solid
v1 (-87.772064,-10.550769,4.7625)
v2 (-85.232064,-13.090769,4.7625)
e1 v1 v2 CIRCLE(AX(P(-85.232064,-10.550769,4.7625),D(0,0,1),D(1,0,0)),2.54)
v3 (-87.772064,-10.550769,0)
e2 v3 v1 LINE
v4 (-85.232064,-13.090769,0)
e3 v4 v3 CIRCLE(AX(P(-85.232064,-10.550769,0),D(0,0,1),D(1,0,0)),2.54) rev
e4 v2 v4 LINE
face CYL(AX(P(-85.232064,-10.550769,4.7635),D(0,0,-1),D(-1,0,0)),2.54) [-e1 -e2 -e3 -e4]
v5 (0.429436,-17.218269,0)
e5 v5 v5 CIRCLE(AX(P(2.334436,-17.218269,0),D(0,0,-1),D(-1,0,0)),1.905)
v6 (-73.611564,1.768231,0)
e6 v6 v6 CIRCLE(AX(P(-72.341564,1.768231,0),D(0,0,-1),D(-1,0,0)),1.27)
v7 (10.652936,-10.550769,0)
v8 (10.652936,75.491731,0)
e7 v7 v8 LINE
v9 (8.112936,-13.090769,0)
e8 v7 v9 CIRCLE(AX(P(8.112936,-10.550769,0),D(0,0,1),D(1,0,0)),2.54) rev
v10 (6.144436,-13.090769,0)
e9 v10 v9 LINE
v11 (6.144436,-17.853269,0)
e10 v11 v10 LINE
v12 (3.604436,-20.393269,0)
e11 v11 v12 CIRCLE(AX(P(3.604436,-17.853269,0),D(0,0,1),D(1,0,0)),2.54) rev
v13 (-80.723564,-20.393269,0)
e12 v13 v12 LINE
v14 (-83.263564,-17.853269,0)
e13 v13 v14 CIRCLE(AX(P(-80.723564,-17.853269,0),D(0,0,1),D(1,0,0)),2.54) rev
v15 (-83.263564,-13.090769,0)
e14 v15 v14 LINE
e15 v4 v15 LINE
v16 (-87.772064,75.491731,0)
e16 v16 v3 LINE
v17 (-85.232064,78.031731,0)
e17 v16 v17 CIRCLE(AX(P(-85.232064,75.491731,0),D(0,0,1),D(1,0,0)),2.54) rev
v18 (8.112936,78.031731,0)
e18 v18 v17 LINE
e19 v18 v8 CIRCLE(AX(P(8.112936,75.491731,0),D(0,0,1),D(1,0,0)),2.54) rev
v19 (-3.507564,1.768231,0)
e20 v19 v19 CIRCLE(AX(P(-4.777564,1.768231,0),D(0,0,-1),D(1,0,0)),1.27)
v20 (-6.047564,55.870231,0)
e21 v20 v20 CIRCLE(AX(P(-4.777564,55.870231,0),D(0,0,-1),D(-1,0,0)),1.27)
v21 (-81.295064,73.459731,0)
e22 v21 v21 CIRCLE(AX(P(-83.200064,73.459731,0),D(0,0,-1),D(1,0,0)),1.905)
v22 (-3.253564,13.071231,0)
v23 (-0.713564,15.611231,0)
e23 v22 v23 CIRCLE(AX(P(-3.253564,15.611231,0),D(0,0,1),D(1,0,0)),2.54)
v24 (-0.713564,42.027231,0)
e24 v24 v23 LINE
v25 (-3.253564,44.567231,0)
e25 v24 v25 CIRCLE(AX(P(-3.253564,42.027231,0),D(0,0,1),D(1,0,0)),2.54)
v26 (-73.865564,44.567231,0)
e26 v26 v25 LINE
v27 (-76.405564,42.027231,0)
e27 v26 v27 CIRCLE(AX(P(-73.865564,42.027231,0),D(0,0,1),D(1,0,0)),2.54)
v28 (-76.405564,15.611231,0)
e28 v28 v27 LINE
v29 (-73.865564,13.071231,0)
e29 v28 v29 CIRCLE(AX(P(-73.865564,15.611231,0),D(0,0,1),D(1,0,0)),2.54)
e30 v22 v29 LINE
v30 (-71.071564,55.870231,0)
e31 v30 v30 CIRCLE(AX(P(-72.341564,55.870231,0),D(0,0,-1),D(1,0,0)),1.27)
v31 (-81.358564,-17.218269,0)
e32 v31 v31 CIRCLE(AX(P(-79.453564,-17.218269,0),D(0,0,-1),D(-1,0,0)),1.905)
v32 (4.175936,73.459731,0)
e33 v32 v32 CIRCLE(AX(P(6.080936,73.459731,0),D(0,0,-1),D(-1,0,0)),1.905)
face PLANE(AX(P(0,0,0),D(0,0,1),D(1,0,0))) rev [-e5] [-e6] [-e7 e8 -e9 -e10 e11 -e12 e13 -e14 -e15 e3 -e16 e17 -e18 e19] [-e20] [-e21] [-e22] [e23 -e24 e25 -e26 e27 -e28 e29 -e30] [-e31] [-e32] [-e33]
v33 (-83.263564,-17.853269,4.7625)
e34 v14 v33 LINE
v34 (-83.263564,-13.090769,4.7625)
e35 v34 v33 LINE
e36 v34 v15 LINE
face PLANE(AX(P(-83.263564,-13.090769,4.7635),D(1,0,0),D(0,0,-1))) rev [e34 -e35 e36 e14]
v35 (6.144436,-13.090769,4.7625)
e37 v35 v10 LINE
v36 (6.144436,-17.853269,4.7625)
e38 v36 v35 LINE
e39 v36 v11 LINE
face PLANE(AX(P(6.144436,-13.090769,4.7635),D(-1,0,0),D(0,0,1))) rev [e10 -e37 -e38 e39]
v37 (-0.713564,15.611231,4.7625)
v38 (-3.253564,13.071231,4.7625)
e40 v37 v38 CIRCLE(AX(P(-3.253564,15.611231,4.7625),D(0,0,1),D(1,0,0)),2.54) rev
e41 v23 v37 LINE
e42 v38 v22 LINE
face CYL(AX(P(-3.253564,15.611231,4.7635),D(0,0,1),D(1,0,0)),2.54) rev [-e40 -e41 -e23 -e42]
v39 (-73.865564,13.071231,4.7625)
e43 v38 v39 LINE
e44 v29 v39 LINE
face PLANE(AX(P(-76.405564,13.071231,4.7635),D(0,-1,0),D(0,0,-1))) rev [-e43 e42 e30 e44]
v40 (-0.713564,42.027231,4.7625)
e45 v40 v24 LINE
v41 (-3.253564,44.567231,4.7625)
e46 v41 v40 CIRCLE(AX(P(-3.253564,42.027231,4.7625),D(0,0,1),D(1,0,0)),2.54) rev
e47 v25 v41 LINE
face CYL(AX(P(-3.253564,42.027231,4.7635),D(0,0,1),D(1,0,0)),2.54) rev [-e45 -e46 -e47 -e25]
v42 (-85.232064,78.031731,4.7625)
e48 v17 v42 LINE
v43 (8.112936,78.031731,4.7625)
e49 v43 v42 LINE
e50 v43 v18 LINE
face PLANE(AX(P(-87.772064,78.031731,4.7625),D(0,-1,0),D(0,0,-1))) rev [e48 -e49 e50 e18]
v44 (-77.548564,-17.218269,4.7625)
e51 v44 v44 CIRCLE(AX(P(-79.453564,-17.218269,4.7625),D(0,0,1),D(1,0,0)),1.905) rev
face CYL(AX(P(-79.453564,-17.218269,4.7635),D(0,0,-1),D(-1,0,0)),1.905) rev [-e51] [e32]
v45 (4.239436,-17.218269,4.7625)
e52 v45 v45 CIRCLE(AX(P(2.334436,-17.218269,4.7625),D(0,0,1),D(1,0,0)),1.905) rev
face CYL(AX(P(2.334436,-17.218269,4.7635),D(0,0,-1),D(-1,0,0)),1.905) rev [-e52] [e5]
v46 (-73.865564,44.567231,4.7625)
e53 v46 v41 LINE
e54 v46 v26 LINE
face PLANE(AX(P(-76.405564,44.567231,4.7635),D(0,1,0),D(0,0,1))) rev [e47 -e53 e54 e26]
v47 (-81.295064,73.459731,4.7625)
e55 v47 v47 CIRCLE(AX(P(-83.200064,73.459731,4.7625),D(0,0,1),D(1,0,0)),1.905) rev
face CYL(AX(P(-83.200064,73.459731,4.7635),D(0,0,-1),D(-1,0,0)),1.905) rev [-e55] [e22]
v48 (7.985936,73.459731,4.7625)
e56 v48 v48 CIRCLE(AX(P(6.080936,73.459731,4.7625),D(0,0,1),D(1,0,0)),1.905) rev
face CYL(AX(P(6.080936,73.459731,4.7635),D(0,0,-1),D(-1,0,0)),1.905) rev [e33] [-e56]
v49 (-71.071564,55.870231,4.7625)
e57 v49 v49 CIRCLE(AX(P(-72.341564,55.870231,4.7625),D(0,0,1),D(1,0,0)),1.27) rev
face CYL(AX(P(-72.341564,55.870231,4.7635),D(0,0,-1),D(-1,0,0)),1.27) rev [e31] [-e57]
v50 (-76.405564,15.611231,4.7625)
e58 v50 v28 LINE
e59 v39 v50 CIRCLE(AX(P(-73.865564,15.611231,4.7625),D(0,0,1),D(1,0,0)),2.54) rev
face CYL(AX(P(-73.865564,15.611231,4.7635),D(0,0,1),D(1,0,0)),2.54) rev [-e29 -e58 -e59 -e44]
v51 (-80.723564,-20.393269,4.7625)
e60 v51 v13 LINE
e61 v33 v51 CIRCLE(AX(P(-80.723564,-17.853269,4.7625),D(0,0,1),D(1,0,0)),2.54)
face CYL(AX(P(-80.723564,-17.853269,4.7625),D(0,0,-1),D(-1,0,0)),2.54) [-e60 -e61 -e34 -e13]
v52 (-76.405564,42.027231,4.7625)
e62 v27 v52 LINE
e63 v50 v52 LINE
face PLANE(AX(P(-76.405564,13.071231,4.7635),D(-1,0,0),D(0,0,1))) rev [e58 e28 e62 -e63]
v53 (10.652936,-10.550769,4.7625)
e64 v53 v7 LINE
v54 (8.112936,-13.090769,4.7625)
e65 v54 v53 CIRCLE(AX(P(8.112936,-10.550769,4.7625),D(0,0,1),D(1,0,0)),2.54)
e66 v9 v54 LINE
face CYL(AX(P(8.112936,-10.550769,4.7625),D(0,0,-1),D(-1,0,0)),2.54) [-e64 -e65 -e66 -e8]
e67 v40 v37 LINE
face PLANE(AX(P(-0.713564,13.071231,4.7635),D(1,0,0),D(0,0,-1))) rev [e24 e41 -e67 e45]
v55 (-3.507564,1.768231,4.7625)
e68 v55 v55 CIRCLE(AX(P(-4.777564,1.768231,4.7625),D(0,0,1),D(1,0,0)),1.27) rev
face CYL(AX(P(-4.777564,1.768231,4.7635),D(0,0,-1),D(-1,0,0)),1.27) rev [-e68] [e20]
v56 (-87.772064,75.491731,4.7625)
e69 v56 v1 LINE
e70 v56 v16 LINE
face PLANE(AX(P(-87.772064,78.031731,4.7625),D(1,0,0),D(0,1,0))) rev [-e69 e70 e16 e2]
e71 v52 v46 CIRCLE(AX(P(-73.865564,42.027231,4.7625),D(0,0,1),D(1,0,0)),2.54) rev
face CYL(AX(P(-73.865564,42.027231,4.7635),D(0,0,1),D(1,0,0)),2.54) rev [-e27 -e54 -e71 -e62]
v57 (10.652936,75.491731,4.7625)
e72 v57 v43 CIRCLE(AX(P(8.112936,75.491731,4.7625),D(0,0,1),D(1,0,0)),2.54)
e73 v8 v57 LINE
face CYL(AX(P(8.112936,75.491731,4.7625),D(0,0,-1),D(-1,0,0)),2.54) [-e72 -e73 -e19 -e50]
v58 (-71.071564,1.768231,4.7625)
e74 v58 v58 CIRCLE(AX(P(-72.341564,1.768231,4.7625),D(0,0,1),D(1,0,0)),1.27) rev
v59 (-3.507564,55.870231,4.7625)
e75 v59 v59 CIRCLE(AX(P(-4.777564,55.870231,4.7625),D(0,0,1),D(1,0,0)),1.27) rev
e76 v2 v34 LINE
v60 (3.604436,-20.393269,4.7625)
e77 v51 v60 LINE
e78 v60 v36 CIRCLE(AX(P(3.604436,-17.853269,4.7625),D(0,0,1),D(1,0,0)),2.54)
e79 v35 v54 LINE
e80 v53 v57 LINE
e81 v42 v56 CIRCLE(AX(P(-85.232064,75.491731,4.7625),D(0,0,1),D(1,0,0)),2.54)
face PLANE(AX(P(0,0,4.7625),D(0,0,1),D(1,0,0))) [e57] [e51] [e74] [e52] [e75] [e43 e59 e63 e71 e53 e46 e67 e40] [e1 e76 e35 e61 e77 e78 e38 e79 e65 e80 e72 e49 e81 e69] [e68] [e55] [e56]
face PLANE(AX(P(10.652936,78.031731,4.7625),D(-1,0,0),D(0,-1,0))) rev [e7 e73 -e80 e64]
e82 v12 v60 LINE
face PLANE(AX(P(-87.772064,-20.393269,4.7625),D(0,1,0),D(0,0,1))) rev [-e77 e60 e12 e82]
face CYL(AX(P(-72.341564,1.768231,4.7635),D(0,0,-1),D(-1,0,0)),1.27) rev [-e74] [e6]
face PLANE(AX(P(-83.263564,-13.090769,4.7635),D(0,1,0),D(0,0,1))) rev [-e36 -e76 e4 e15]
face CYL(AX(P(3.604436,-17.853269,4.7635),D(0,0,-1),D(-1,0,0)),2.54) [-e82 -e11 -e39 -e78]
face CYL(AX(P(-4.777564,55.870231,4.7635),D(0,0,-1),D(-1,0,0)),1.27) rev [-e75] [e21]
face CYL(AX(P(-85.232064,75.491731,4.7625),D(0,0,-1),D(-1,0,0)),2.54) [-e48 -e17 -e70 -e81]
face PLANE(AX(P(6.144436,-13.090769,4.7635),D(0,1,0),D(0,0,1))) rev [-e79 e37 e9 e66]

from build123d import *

# Parameters (mm, degrees)
SKETCH1_W           = 98.425
SKETCH1_H           = 98.425
BOSS_EXTRUDE1_DEPTH = 4.7625
CUT_EXTRUDE1_REACH  = 119.54
SKETCH4_R           = 1.27
SKETCH4_R_2         = 1.905
SKETCH4_W           = 75.692
SKETCH4_H           = 31.496
CUT_EXTRUDE2_REACH  = 119.54
SKETCH5_W           = 4.5085
SKETCH5_H           = 7.3025
FILLET1_R           = 2.54
FILLET3_R           = 2.54
FILLET4_R           = 2.54


with BuildPart() as part:
    # Sketch1 → Boss-Extrude1 (new body)
    with BuildSketch(Plane.XY):
        with Locations((-38.559564005, 28.819230769)):
            Rectangle(SKETCH1_W, SKETCH1_H)
    extrude(amount=BOSS_EXTRUDE1_DEPTH)

    # Sketch4 → Cut-Extrude1 (cut, up to next)
    with BuildSketch(Plane(origin=(0, 0, 0), x_dir=(-1, 0, 0), z_dir=(0, 0, -1)), mode=Mode.PRIVATE) as cut_extrude1_sk1:
        with Locations(Location((72.341564005, 55.870230769, 0), (0, 0, 180))):
            Circle(SKETCH4_R)
    cut_extrude1_tool1 = extrude(cut_extrude1_sk1.sketch, amount=-CUT_EXTRUDE1_REACH, mode=Mode.PRIVATE) & part.part
    # Sketch4 → Cut-Extrude1 (cut, up to next)
    with BuildSketch(Plane(origin=(0, 0, 0), x_dir=(-1, 0, 0), z_dir=(0, 0, -1)), mode=Mode.PRIVATE) as cut_extrude1_sk2:
        with Locations((72.341564005, 1.768230769)):
            Circle(SKETCH4_R)
    cut_extrude1_tool2 = extrude(cut_extrude1_sk2.sketch, amount=-CUT_EXTRUDE1_REACH, mode=Mode.PRIVATE) & part.part
    # Sketch4 → Cut-Extrude1 (cut, up to next)
    with BuildSketch(Plane(origin=(0, 0, 0), x_dir=(-1, 0, 0), z_dir=(0, 0, -1)), mode=Mode.PRIVATE) as cut_extrude1_sk3:
        with Locations((4.777564005, 55.870230769)):
            Circle(SKETCH4_R)
    cut_extrude1_tool3 = extrude(cut_extrude1_sk3.sketch, amount=-CUT_EXTRUDE1_REACH, mode=Mode.PRIVATE) & part.part
    # Sketch4 → Cut-Extrude1 (cut, up to next)
    with BuildSketch(Plane(origin=(0, 0, 0), x_dir=(-1, 0, 0), z_dir=(0, 0, -1)), mode=Mode.PRIVATE) as cut_extrude1_sk4:
        with Locations(Location((4.777564005, 1.768230769, 0), (0, 0, 180))):
            Circle(SKETCH4_R)
    cut_extrude1_tool4 = extrude(cut_extrude1_sk4.sketch, amount=-CUT_EXTRUDE1_REACH, mode=Mode.PRIVATE) & part.part
    # Sketch4 → Cut-Extrude1 (cut, up to next)
    with BuildSketch(Plane(origin=(0, 0, 0), x_dir=(-1, 0, 0), z_dir=(0, 0, -1)), mode=Mode.PRIVATE) as cut_extrude1_sk5:
        with Locations((-6.080935995, 73.459730769)):
            Circle(SKETCH4_R_2)
    cut_extrude1_tool5 = extrude(cut_extrude1_sk5.sketch, amount=-CUT_EXTRUDE1_REACH, mode=Mode.PRIVATE) & part.part
    # Sketch4 → Cut-Extrude1 (cut, up to next)
    with BuildSketch(Plane(origin=(0, 0, 0), x_dir=(-1, 0, 0), z_dir=(0, 0, -1)), mode=Mode.PRIVATE) as cut_extrude1_sk6:
        with Locations(Location((83.200064005, 73.459730769, 0), (0, 0, 180))):
            Circle(SKETCH4_R_2)
    cut_extrude1_tool6 = extrude(cut_extrude1_sk6.sketch, amount=-CUT_EXTRUDE1_REACH, mode=Mode.PRIVATE) & part.part
    # Sketch4 → Cut-Extrude1 (cut, up to next)
    with BuildSketch(Plane(origin=(0, 0, 0), x_dir=(-1, 0, 0), z_dir=(0, 0, -1)), mode=Mode.PRIVATE) as cut_extrude1_sk7:
        with Locations((-2.334435995, -17.218269231)):
            Circle(SKETCH4_R_2)
    cut_extrude1_tool7 = extrude(cut_extrude1_sk7.sketch, amount=-CUT_EXTRUDE1_REACH, mode=Mode.PRIVATE) & part.part
    # Sketch4 → Cut-Extrude1 (cut, up to next)
    with BuildSketch(Plane(origin=(0, 0, 0), x_dir=(-1, 0, 0), z_dir=(0, 0, -1)), mode=Mode.PRIVATE) as cut_extrude1_sk8:
        with Locations((79.453564005, -17.218269231)):
            Circle(SKETCH4_R_2)
    cut_extrude1_tool8 = extrude(cut_extrude1_sk8.sketch, amount=-CUT_EXTRUDE1_REACH, mode=Mode.PRIVATE) & part.part
    # Sketch4 → Cut-Extrude1 (cut, up to next)
    with BuildSketch(Plane(origin=(0, 0, 0), x_dir=(-1, 0, 0), z_dir=(0, 0, -1)), mode=Mode.PRIVATE) as cut_extrude1_sk9:
        with Locations((38.559564005, 28.819230769)):
            Rectangle(SKETCH4_W, SKETCH4_H)
    cut_extrude1_tool9 = extrude(cut_extrude1_sk9.sketch, amount=-CUT_EXTRUDE1_REACH, mode=Mode.PRIVATE) & part.part
    add(cut_extrude1_tool1.solids().sort_by_distance((-72.341564, 55.870231, 0))[0], mode=Mode.SUBTRACT)
    add(cut_extrude1_tool2.solids().sort_by_distance((-72.341564, 1.768231, 0))[0], mode=Mode.SUBTRACT)
    add(cut_extrude1_tool3.solids().sort_by_distance((-4.777564, 55.870231, 0))[0], mode=Mode.SUBTRACT)
    add(cut_extrude1_tool4.solids().sort_by_distance((-4.777564, 1.768231, 0))[0], mode=Mode.SUBTRACT)
    add(cut_extrude1_tool5.solids().sort_by_distance((6.080936, 73.459731, 0))[0], mode=Mode.SUBTRACT)
    add(cut_extrude1_tool6.solids().sort_by_distance((-83.200064, 73.459731, 0))[0], mode=Mode.SUBTRACT)
    add(cut_extrude1_tool7.solids().sort_by_distance((2.334436, -17.218269, 0))[0], mode=Mode.SUBTRACT)
    add(cut_extrude1_tool8.solids().sort_by_distance((-79.453564, -17.218269, 0))[0], mode=Mode.SUBTRACT)
    add(cut_extrude1_tool9.solids().sort_by_distance((-38.559564, 28.819231, 0))[0], mode=Mode.SUBTRACT)

    # Sketch5 → Cut-Extrude2 (cut, up to next)
    with BuildSketch(Plane(origin=(0, 0, 0), x_dir=(-1, 0, 0), z_dir=(0, 0, -1)), mode=Mode.PRIVATE) as cut_extrude2_sk1:
        with Locations((-8.398685995, -16.742019231)):
            Rectangle(SKETCH5_W, SKETCH5_H)
    cut_extrude2_tool1 = extrude(cut_extrude2_sk1.sketch, amount=-CUT_EXTRUDE2_REACH, mode=Mode.PRIVATE) & part.part
    # Sketch5 → Cut-Extrude2 (cut, up to next)
    with BuildSketch(Plane(origin=(0, 0, 0), x_dir=(-1, 0, 0), z_dir=(0, 0, -1)), mode=Mode.PRIVATE) as cut_extrude2_sk2:
        with Locations((85.517814005, -16.742019231)):
            Rectangle(SKETCH5_W, SKETCH5_H)
    cut_extrude2_tool2 = extrude(cut_extrude2_sk2.sketch, amount=-CUT_EXTRUDE2_REACH, mode=Mode.PRIVATE) & part.part
    add(cut_extrude2_tool1.solids().sort_by_distance((8.398686, -16.742019, 0))[0], mode=Mode.SUBTRACT)
    add(cut_extrude2_tool2.solids().sort_by_distance((-85.517814, -16.742019, 0))[0], mode=Mode.SUBTRACT)

    # Fillet1
    fillet1_edges = [part.edges().sort_by_distance(p)[0] for p in [
        (-87.772064005, 78.031730769, 2.38125),
        (10.652935995, 78.031730769, 2.38125),
    ]]
    fillet(fillet1_edges, radius=FILLET1_R)

    # Fillet3
    fillet3_edges = [part.edges().sort_by_distance(p)[0] for p in [
        (-0.713564005, 13.071230769, 2.38125),
        (-0.713564005, 44.567230769, 2.38125),
        (-76.405564005, 44.567230769, 2.38125),
        (-76.405564005, 13.071230769, 2.38125),
    ]]
    fillet(fillet3_edges, radius=FILLET3_R)

    # Fillet4
    fillet4_edges = [part.edges().sort_by_distance(p)[0] for p in [
        (6.144435995, -20.393269231, 2.38125),
        (10.652935995, -13.090769231, 2.38125),
        (-83.263564005, -20.393269231, 2.38125),
        (-87.772064005, -13.090769231, 2.38125),
    ]]
    fillet(fillet4_edges, radius=FILLET4_R)


solid = part.part
